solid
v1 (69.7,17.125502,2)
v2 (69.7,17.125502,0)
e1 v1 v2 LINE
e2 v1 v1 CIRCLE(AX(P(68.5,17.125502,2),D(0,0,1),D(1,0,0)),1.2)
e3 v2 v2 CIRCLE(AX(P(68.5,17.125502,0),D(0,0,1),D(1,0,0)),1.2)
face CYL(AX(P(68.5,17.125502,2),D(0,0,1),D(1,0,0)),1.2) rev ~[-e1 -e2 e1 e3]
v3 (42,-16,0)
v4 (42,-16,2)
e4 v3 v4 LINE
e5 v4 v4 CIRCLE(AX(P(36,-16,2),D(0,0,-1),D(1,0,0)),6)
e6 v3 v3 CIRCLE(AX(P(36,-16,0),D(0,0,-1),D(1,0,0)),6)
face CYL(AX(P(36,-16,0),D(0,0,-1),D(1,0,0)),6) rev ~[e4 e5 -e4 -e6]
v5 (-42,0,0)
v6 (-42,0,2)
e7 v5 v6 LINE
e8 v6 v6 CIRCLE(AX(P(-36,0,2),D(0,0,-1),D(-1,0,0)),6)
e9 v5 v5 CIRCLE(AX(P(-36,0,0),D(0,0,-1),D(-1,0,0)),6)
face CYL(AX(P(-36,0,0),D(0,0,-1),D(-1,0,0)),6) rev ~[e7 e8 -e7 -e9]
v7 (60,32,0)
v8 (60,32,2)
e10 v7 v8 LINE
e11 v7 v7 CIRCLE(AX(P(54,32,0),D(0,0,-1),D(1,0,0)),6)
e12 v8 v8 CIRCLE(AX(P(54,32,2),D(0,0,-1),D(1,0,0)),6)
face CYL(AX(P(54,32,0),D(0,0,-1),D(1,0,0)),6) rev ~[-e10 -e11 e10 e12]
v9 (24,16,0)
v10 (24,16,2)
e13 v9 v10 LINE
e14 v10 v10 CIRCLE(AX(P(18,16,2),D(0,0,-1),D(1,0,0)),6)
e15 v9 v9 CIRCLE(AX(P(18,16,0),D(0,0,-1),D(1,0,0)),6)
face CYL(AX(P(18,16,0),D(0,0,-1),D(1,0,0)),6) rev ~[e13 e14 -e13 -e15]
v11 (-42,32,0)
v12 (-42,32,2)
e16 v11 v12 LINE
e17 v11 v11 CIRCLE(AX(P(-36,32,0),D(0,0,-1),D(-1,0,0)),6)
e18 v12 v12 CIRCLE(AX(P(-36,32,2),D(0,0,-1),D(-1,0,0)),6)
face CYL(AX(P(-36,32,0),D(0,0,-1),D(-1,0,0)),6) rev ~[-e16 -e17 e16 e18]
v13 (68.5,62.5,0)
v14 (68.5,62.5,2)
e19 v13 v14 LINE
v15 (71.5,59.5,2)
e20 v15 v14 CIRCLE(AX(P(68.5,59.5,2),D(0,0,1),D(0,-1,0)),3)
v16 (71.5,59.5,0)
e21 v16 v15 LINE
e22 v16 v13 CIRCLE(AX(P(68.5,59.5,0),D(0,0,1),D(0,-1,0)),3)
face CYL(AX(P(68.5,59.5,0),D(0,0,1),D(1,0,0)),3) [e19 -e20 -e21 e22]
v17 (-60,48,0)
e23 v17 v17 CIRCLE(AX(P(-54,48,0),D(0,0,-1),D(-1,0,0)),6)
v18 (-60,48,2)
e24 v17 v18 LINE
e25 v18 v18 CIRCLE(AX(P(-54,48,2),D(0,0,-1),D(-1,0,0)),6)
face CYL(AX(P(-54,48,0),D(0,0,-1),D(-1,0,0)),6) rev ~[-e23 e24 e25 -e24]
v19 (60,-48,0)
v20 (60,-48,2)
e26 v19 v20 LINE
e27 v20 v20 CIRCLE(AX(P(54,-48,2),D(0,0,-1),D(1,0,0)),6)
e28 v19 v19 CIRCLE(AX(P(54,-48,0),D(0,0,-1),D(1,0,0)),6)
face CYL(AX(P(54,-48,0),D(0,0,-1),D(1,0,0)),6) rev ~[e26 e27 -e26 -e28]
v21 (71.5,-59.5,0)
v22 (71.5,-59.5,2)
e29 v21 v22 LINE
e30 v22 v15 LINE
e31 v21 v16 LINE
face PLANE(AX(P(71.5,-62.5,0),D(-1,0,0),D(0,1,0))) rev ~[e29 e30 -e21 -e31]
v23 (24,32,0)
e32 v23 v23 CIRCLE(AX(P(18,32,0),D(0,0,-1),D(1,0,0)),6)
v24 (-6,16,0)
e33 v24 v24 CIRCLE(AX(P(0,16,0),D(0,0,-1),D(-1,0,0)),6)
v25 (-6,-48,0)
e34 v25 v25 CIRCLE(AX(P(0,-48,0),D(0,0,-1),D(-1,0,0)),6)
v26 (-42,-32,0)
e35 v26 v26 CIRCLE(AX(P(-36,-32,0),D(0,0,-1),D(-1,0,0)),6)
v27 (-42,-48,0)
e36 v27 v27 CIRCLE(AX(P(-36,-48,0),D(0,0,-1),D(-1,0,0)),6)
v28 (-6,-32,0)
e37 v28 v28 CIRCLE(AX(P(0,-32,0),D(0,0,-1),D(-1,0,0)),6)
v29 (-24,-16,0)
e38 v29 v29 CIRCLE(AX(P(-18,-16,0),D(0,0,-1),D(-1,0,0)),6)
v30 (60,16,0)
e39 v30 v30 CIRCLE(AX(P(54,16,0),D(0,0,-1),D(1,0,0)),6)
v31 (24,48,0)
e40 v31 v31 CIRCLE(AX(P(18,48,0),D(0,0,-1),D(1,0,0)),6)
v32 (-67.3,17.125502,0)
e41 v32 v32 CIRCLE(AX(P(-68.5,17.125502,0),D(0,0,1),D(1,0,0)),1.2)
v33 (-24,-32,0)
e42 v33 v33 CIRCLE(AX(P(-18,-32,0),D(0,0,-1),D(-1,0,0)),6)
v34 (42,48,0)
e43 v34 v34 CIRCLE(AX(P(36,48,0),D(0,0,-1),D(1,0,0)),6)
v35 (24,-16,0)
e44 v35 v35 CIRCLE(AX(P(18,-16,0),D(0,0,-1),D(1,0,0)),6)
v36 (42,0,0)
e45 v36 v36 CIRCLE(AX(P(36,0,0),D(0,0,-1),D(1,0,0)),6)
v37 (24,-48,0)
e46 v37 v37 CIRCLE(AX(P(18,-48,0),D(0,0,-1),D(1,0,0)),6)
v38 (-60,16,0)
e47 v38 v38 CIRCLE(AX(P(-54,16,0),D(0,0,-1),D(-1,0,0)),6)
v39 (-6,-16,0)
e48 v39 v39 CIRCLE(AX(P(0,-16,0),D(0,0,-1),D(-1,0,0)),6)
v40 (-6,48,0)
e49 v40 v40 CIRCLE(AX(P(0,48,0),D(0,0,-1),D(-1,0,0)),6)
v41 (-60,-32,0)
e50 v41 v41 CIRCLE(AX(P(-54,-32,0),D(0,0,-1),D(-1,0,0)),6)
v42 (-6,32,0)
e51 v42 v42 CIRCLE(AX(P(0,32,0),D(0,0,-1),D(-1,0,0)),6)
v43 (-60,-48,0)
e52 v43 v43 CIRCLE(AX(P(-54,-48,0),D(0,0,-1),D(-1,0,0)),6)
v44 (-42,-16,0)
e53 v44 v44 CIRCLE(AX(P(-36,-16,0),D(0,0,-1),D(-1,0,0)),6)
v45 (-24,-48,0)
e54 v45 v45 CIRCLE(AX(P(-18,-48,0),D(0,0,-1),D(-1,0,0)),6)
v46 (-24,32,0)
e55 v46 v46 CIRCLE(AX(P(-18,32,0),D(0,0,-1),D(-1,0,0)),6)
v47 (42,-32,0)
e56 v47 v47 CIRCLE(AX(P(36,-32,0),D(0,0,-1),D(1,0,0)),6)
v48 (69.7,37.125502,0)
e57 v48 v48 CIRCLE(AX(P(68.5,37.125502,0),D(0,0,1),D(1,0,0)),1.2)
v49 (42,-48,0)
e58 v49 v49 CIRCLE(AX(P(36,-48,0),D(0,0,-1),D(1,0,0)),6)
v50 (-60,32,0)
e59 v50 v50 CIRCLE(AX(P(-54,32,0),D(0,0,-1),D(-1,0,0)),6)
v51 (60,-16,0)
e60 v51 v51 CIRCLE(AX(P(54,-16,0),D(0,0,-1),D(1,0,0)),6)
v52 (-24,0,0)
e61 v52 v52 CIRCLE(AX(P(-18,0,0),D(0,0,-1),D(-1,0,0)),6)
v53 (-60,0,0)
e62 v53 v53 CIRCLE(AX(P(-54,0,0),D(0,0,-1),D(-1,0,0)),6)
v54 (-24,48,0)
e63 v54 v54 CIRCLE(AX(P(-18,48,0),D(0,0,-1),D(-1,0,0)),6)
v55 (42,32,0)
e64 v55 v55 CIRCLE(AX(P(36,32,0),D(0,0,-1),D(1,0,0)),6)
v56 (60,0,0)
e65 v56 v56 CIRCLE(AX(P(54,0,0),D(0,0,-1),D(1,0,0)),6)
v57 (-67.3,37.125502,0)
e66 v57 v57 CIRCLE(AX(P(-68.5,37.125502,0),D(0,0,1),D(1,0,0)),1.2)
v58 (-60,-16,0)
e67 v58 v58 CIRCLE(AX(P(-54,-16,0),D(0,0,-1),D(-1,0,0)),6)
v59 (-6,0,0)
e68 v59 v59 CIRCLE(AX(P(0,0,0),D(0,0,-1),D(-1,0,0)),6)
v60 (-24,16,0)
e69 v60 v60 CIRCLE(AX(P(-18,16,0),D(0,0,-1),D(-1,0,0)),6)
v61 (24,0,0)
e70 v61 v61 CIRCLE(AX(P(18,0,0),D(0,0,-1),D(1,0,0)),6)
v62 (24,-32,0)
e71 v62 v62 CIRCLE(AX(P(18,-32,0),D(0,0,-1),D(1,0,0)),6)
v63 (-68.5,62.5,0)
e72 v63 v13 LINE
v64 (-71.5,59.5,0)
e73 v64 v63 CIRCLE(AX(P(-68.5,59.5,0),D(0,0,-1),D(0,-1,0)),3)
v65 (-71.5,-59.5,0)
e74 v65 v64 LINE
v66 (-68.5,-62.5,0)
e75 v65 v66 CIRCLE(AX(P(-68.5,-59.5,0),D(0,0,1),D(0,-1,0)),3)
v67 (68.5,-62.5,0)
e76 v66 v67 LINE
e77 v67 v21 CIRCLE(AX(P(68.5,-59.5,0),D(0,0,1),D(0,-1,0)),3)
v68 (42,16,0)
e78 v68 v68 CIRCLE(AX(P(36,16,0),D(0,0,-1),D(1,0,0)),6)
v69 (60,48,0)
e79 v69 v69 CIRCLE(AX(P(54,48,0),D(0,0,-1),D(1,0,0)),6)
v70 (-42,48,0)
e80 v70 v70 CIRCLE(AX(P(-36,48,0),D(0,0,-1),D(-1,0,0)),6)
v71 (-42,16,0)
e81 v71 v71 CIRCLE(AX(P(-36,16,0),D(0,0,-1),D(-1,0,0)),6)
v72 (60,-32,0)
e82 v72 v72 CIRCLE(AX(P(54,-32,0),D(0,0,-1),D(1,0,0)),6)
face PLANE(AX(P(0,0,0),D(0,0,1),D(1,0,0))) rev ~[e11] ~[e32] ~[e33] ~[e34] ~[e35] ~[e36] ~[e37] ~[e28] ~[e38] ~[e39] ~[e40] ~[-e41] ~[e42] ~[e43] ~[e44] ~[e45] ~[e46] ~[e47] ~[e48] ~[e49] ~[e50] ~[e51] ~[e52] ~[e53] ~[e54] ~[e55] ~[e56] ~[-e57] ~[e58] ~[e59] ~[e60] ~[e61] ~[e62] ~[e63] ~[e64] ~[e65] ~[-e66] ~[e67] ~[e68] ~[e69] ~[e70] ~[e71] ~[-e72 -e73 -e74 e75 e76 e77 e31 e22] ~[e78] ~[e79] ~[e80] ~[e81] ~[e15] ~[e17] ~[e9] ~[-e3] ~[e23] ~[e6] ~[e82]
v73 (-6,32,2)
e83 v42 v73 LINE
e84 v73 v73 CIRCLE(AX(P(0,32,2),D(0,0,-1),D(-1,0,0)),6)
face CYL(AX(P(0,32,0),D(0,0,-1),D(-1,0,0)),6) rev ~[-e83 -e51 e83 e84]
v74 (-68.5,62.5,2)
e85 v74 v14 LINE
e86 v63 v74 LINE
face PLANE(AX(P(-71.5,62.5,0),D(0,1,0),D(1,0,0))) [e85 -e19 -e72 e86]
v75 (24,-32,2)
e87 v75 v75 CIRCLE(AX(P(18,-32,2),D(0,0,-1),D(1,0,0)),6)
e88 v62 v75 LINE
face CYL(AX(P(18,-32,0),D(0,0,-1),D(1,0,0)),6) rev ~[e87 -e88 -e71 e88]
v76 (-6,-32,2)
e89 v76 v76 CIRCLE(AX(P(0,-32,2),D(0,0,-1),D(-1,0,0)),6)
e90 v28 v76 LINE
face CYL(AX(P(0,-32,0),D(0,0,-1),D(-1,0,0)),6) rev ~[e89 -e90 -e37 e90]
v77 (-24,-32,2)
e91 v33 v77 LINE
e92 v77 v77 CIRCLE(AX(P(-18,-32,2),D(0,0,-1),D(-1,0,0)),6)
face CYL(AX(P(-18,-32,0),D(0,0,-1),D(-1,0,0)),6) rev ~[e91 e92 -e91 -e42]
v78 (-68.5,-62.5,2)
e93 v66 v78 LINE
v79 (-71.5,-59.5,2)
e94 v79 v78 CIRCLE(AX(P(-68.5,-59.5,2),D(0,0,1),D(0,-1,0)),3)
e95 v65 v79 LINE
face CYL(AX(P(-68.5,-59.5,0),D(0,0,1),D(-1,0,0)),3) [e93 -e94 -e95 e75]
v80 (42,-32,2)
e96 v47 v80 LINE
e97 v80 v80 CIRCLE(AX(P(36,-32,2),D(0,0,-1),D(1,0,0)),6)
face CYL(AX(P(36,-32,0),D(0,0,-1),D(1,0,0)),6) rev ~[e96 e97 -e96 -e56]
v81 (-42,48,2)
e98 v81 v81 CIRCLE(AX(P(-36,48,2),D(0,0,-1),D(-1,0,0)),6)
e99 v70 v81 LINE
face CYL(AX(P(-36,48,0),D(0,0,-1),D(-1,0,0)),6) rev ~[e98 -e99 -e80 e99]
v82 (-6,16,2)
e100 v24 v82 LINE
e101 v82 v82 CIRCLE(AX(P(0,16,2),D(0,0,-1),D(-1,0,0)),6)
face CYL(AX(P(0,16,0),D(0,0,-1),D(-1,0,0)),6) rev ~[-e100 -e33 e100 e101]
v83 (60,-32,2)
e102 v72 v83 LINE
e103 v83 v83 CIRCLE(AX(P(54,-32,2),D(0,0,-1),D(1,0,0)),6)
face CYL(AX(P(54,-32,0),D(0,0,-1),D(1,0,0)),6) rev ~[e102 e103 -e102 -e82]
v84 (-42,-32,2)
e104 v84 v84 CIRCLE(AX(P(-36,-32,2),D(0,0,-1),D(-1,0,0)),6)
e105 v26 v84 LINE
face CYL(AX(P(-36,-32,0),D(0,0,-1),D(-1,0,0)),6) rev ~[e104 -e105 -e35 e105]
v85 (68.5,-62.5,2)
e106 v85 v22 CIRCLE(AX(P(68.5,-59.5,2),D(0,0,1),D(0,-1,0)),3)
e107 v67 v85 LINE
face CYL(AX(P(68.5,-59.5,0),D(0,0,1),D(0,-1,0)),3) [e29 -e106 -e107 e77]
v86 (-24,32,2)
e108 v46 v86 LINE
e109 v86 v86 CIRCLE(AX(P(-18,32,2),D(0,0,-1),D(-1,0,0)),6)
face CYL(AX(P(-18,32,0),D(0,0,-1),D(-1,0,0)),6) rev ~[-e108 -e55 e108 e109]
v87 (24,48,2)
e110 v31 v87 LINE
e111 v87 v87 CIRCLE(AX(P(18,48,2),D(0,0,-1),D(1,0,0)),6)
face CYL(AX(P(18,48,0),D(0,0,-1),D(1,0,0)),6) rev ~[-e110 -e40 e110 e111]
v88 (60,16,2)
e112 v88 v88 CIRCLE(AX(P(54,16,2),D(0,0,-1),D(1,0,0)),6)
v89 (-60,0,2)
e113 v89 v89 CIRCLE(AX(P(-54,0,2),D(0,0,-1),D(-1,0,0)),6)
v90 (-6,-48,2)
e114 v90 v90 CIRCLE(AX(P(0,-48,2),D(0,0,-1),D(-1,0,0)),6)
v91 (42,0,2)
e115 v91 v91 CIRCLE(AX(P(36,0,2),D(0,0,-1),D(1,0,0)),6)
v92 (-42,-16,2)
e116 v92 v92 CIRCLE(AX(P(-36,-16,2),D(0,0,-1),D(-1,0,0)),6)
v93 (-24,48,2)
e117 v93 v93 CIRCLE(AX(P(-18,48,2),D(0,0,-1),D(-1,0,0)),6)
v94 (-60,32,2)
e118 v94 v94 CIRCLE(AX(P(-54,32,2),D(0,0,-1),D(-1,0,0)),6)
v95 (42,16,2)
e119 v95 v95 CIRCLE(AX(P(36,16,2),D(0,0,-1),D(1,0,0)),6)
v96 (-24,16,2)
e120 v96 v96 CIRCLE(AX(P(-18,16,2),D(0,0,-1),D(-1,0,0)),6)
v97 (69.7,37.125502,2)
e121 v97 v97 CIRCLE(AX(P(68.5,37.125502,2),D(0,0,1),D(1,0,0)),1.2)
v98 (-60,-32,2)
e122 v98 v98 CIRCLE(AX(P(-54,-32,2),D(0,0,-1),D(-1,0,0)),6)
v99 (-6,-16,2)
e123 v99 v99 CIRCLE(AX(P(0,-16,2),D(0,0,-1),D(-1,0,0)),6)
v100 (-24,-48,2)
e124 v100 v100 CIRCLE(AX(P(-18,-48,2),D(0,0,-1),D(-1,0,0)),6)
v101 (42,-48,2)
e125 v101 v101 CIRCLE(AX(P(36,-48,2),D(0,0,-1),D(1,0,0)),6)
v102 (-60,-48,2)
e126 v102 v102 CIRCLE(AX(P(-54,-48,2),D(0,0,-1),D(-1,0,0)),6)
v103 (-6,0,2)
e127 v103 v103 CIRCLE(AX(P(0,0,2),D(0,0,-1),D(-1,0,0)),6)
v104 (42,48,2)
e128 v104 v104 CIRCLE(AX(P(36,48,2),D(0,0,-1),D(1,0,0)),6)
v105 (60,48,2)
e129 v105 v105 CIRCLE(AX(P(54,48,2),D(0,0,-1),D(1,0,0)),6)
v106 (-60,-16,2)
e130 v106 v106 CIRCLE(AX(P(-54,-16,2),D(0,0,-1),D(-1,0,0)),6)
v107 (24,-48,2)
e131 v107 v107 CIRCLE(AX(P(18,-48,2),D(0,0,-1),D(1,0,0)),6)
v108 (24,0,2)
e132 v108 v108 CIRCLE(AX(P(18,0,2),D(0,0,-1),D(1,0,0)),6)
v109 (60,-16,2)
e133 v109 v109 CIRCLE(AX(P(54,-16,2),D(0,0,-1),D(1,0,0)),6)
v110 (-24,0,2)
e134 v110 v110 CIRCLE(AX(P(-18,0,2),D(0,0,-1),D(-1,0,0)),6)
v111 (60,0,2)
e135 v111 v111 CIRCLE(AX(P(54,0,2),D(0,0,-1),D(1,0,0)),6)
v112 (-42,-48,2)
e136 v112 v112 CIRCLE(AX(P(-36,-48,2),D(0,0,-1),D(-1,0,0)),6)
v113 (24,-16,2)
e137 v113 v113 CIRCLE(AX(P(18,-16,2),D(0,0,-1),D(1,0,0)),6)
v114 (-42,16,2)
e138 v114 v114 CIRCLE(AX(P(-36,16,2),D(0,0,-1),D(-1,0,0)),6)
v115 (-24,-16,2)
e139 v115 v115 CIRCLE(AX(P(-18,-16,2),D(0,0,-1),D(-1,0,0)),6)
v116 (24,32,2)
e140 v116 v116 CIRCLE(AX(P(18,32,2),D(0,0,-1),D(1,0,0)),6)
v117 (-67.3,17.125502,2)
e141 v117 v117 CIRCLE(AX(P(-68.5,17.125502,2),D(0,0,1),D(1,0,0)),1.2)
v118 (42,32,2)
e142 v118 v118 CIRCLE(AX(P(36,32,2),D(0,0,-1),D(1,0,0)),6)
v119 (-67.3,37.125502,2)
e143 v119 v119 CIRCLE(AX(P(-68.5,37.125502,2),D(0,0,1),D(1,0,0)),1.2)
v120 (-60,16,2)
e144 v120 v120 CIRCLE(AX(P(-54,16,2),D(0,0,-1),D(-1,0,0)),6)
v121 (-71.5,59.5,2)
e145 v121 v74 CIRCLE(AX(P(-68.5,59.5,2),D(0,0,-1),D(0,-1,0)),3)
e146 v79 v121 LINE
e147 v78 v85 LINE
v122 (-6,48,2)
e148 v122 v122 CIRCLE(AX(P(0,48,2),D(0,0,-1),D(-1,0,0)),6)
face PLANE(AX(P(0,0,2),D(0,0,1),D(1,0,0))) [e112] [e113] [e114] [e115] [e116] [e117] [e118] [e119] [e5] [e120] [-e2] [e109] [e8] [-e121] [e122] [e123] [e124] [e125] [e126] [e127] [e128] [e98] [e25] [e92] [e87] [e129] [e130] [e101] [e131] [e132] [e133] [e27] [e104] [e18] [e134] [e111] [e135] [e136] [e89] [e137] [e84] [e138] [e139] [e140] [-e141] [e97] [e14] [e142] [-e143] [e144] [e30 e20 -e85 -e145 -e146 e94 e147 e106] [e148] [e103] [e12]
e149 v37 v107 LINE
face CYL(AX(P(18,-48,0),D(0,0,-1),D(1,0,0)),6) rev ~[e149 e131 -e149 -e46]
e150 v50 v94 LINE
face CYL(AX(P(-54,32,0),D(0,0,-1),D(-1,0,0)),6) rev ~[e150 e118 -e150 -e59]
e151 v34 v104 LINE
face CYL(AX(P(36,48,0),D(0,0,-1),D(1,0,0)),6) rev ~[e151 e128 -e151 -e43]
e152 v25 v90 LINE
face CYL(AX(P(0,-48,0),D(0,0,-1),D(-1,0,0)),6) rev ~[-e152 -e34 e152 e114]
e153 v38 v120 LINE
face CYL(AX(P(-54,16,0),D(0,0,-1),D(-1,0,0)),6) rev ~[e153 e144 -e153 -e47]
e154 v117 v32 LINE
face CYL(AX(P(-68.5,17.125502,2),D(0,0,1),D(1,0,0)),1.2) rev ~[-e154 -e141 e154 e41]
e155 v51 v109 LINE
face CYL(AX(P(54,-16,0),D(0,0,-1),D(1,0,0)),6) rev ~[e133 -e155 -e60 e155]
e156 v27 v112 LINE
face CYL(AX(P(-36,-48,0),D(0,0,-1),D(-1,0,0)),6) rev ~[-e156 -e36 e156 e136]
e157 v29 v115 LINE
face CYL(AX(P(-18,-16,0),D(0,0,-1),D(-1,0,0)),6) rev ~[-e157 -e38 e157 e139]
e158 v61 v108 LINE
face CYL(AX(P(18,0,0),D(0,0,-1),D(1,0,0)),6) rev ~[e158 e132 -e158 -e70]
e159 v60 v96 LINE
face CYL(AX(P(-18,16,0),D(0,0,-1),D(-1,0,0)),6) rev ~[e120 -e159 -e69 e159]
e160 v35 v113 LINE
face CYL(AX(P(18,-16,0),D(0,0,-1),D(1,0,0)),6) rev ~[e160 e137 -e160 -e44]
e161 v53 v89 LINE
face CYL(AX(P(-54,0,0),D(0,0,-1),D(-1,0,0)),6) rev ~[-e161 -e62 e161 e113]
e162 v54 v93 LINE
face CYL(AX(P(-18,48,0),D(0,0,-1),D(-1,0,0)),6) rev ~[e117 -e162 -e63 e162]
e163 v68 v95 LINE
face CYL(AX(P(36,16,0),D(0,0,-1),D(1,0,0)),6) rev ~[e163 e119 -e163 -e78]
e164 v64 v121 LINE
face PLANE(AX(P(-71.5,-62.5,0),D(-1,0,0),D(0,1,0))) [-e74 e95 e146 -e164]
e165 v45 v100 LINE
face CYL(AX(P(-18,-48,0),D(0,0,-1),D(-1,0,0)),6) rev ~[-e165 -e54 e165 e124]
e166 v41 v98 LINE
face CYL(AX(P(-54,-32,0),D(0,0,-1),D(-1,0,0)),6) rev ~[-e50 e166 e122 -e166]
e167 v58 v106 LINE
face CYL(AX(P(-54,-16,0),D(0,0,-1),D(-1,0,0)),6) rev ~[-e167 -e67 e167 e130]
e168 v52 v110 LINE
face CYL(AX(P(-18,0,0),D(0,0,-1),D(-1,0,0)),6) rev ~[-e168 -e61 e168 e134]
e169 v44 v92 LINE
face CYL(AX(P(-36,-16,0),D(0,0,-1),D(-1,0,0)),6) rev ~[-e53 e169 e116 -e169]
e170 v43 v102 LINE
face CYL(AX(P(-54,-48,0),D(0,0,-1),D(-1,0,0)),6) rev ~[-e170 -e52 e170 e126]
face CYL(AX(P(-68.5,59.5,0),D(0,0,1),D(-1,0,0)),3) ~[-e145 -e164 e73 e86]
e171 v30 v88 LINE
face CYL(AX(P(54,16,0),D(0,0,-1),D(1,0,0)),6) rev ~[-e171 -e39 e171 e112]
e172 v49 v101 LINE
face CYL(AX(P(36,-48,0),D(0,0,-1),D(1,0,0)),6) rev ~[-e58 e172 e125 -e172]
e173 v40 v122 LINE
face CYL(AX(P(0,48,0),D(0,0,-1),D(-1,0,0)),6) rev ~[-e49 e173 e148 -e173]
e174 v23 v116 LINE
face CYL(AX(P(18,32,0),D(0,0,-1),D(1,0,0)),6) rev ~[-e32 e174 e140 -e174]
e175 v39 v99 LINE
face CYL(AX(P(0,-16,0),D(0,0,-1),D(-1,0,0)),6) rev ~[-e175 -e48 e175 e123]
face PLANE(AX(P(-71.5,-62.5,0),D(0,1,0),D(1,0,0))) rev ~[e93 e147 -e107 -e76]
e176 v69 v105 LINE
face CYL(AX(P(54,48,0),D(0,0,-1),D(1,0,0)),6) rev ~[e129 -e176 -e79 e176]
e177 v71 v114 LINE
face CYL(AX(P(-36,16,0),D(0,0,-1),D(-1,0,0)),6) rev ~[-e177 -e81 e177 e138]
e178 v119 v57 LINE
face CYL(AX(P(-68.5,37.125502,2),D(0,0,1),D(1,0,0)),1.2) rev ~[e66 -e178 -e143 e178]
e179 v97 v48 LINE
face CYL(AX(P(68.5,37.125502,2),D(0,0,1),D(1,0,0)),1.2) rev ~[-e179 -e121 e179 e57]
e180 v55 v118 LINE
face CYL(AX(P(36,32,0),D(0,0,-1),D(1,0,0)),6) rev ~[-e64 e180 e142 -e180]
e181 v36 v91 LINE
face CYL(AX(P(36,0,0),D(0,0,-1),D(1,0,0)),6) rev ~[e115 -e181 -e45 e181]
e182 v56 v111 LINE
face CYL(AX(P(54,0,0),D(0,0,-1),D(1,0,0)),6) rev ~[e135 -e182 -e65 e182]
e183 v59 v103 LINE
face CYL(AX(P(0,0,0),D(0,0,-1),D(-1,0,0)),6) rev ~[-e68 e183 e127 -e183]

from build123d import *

# Parameters (mm, degrees)
SKETCH_1_W          = 143
SKETCH_1_H          = 125
EXTRUDE_1_DEPTH     = 2
FILLET_1_R          = 3
SKETCH_2_R          = 6
CUT_EXTRUDE_1_DEPTH = 10
SKETCH_3_R          = 1.2
CUT_EXTRUDE_2_DEPTH = 10


with BuildPart() as part:
    # 草图1 → 凸台-拉伸1 (new body)
    with BuildSketch(Plane.XY):
        Rectangle(SKETCH_1_W, SKETCH_1_H)
    extrude(amount=EXTRUDE_1_DEPTH)

    # 圆角1
    fillet_1_edges = [part.edges().sort_by_distance(p)[0] for p in [
        (-71.5, 62.5, 1),
        (71.5, 62.5, 1),
        (71.5, -62.5, 1),
        (-71.5, -62.5, 1),
    ]]
    fillet(fillet_1_edges, radius=FILLET_1_R)

    # 草图2 → 切除-拉伸1 (cut)
    with BuildSketch(Plane(origin=(0, 0, 0), x_dir=(-1, 0, 0), z_dir=(0, 0, -1))):
        Circle(SKETCH_2_R)
        with Locations((18, 0)):
            Circle(SKETCH_2_R)
        with Locations((36, 0)):
            Circle(SKETCH_2_R)
        with Locations((54, 0)):
            Circle(SKETCH_2_R)
        with Locations(Location((-54, 0, 0), (0, 0, 180))):
            Circle(SKETCH_2_R)
        with Locations(Location((-36, 0, 0), (0, 0, 180))):
            Circle(SKETCH_2_R)
        with Locations(Location((-18, 0, 0), (0, 0, 180))):
            Circle(SKETCH_2_R)
        with Locations((0, 16)):
            Circle(SKETCH_2_R)
        with Locations((18, 16)):
            Circle(SKETCH_2_R)
        with Locations((36, 16)):
            Circle(SKETCH_2_R)
        with Locations((54, 16)):
            Circle(SKETCH_2_R)
        with Locations(Location((-54, 16, 0), (0, 0, 180))):
            Circle(SKETCH_2_R)
        with Locations(Location((-36, 16, 0), (0, 0, 180))):
            Circle(SKETCH_2_R)
        with Locations(Location((-18, 16, 0), (0, 0, 180))):
            Circle(SKETCH_2_R)
        with Locations((0, 32)):
            Circle(SKETCH_2_R)
        with Locations((18, 32)):
            Circle(SKETCH_2_R)
        with Locations((36, 32)):
            Circle(SKETCH_2_R)
        with Locations((54, 32)):
            Circle(SKETCH_2_R)
        with Locations(Location((-54, 32, 0), (0, 0, 180))):
            Circle(SKETCH_2_R)
        with Locations(Location((-36, 32, 0), (0, 0, 180))):
            Circle(SKETCH_2_R)
        with Locations(Location((-18, 32, 0), (0, 0, 180))):
            Circle(SKETCH_2_R)
        with Locations((0, 48)):
            Circle(SKETCH_2_R)
        with Locations((18, 48)):
            Circle(SKETCH_2_R)
        with Locations((36, 48)):
            Circle(SKETCH_2_R)
        with Locations((54, 48)):
            Circle(SKETCH_2_R)
        with Locations(Location((-54, 48, 0), (0, 0, 180))):
            Circle(SKETCH_2_R)
        with Locations(Location((-36, 48, 0), (0, 0, 180))):
            Circle(SKETCH_2_R)
        with Locations(Location((-18, 48, 0), (0, 0, 180))):
            Circle(SKETCH_2_R)
        with Locations((0, -16)):
            Circle(SKETCH_2_R)
        with Locations((18, -16)):
            Circle(SKETCH_2_R)
        with Locations((36, -16)):
            Circle(SKETCH_2_R)
        with Locations((54, -16)):
            Circle(SKETCH_2_R)
        with Locations(Location((-54, -16, 0), (0, 0, 180))):
            Circle(SKETCH_2_R)
        with Locations(Location((-36, -16, 0), (0, 0, 180))):
            Circle(SKETCH_2_R)
        with Locations(Location((-18, -16, 0), (0, 0, 180))):
            Circle(SKETCH_2_R)
        with Locations((0, -32)):
            Circle(SKETCH_2_R)
        with Locations((18, -32)):
            Circle(SKETCH_2_R)
        with Locations((36, -32)):
            Circle(SKETCH_2_R)
        with Locations((54, -32)):
            Circle(SKETCH_2_R)
        with Locations(Location((-54, -32, 0), (0, 0, 180))):
            Circle(SKETCH_2_R)
        with Locations(Location((-36, -32, 0), (0, 0, 180))):
            Circle(SKETCH_2_R)
        with Locations(Location((-18, -32, 0), (0, 0, 180))):
            Circle(SKETCH_2_R)
        with Locations((0, -48)):
            Circle(SKETCH_2_R)
        with Locations((18, -48)):
            Circle(SKETCH_2_R)
        with Locations((36, -48)):
            Circle(SKETCH_2_R)
        with Locations((54, -48)):
            Circle(SKETCH_2_R)
        with Locations(Location((-54, -48, 0), (0, 0, 180))):
            Circle(SKETCH_2_R)
        with Locations(Location((-36, -48, 0), (0, 0, 180))):
            Circle(SKETCH_2_R)
        with Locations(Location((-18, -48, 0), (0, 0, 180))):
            Circle(SKETCH_2_R)
    extrude(amount=-CUT_EXTRUDE_1_DEPTH, mode=Mode.SUBTRACT)

    # 草图3 → 切除-拉伸2 (cut)
    with BuildSketch(Plane.XY.offset(2)):
        with Locations((-68.5, 37.12550176)):
            Circle(SKETCH_3_R)
        with Locations((-68.5, 17.12550176)):
            Circle(SKETCH_3_R)
        with Locations((68.5, 17.12550176)):
            Circle(SKETCH_3_R)
        with Locations((68.5, 37.12550176)):
            Circle(SKETCH_3_R)
    extrude(amount=-CUT_EXTRUDE_2_DEPTH, mode=Mode.SUBTRACT)


solid = part.part
